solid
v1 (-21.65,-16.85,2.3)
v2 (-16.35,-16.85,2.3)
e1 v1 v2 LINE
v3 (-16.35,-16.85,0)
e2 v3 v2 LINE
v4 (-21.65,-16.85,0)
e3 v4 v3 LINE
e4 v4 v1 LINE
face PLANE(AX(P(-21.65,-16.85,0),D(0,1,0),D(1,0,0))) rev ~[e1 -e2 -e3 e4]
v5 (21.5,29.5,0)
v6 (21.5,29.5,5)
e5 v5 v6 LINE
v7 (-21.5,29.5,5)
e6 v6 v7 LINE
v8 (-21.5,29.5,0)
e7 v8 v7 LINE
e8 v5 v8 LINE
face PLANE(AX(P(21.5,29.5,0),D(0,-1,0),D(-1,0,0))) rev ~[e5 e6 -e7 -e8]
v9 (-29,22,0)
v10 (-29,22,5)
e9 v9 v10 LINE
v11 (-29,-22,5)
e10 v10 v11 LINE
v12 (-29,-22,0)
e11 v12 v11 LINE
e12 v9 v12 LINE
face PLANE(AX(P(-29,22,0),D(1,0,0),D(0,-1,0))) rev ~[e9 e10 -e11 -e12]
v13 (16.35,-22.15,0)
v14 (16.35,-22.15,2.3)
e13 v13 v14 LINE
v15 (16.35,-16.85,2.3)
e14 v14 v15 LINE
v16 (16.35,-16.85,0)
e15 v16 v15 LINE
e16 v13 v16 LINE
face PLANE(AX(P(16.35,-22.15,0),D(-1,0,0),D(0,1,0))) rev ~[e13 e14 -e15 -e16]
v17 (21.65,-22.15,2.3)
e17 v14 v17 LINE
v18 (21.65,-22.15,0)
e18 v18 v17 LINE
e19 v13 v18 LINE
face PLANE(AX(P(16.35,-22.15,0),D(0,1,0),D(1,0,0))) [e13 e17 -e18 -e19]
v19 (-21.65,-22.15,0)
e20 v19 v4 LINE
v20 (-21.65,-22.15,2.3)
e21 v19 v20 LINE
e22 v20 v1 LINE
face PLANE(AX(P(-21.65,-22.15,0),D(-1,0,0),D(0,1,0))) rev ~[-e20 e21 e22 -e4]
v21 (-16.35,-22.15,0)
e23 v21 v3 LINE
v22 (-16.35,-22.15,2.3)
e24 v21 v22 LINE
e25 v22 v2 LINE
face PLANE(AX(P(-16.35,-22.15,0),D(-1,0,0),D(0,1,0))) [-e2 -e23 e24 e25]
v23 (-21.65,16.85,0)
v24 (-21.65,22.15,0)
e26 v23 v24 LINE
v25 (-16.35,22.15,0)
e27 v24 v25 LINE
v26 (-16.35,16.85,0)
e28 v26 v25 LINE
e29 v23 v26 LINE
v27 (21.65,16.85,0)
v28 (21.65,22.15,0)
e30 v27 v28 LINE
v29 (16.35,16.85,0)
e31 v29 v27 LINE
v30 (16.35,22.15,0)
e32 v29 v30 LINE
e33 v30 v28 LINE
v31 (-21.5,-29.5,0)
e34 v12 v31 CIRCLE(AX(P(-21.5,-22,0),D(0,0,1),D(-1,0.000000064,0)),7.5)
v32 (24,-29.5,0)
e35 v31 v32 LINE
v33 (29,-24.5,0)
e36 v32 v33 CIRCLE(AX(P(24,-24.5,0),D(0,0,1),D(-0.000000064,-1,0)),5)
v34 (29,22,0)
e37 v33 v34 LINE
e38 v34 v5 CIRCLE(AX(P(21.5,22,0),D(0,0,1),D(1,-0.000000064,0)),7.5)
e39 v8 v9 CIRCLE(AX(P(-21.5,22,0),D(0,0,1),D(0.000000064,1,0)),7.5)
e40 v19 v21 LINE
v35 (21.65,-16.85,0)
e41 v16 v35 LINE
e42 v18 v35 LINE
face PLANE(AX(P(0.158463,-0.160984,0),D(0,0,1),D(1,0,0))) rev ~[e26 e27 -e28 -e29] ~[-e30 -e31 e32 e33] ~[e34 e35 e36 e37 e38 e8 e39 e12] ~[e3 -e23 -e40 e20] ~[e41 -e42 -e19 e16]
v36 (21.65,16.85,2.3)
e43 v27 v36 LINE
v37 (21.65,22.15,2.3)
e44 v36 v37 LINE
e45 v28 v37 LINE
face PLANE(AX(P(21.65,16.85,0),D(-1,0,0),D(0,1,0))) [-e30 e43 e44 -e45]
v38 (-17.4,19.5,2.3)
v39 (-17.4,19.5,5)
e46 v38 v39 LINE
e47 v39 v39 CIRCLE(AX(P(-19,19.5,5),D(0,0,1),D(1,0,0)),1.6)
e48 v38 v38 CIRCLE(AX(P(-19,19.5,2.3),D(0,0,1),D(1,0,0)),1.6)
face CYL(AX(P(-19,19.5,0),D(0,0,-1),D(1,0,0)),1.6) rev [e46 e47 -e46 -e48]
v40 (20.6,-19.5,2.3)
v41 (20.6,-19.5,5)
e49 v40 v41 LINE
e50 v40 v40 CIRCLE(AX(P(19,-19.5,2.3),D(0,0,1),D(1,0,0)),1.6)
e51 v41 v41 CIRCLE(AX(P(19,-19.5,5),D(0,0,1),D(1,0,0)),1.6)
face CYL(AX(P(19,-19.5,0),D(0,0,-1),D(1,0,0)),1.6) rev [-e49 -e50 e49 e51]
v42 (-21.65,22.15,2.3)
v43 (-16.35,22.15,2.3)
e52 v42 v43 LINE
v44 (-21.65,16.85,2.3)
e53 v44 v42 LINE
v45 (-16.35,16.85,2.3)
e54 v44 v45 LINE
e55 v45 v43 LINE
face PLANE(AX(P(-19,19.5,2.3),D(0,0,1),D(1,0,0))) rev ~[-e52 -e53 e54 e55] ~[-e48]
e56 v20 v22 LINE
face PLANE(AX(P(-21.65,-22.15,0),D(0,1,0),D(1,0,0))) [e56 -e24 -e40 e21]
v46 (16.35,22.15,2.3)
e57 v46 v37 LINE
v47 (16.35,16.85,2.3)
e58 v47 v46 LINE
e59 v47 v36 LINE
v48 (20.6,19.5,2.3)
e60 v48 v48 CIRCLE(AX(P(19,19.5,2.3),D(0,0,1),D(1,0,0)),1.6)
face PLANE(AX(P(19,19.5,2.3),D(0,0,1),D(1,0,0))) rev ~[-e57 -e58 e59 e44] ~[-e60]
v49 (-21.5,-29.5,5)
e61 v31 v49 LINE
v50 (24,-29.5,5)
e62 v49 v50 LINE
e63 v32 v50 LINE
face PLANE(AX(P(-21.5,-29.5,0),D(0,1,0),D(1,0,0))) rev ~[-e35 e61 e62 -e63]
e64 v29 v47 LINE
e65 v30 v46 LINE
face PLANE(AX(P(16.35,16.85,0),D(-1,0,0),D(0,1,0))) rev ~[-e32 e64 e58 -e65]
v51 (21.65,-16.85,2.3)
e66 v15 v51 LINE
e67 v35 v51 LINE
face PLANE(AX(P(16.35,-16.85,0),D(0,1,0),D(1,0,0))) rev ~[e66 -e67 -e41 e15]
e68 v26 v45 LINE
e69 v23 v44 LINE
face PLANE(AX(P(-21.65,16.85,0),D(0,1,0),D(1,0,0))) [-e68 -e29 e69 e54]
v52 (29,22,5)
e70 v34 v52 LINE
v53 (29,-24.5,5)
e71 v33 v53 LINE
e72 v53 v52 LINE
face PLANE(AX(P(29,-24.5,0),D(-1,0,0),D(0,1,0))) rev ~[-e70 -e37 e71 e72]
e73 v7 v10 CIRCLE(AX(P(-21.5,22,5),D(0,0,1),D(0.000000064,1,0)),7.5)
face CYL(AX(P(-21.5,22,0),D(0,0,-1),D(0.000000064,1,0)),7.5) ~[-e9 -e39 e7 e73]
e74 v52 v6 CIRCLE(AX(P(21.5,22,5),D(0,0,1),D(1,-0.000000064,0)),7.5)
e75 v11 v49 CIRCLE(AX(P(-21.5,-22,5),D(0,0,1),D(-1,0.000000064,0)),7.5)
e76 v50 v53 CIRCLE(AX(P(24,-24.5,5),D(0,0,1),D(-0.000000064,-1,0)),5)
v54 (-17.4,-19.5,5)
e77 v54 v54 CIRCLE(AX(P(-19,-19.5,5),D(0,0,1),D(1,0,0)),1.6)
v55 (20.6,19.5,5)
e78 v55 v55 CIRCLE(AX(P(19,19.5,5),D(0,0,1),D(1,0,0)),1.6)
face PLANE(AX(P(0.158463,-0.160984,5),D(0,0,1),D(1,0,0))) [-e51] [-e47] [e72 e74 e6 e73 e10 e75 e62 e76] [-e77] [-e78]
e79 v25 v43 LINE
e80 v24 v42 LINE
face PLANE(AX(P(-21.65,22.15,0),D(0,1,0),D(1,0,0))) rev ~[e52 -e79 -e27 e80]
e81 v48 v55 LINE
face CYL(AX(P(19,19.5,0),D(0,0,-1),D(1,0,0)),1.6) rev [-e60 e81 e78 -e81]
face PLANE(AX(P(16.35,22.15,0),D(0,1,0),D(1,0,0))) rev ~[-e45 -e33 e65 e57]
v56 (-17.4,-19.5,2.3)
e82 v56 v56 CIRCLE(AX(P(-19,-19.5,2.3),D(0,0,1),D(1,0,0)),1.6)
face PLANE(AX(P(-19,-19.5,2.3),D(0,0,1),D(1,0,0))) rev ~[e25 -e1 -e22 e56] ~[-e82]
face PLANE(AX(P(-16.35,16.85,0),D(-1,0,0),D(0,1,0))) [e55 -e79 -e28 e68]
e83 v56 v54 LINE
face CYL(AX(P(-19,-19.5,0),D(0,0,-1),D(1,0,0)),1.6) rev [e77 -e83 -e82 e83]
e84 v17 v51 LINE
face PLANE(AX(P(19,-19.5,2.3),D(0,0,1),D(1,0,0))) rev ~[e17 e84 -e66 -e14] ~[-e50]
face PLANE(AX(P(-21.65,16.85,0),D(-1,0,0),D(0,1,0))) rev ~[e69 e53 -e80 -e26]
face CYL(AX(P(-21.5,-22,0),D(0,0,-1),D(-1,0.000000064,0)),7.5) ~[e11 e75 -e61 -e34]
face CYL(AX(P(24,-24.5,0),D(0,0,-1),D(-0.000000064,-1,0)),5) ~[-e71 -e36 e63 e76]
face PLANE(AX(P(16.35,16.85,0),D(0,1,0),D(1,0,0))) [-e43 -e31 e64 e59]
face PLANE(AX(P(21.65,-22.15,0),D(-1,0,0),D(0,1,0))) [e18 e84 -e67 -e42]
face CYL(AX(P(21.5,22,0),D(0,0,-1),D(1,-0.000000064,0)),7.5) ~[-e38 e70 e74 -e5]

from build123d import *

# Parameters (mm, degrees)
F0_W     = 5.3
F0_H     = 5.3
F0_R     = 1.6
F1_DEPTH = 5
F2_DEPTH = 2.3


with BuildPart() as f1:
    # F0 (on Top) → F1 (new body)
    with BuildSketch(Plane.XY):
        with BuildLine():
            ThreePointArc((29, 22), (26.803301, 27.303301), (21.5, 29.5))
            Line((21.5, 29.5), (-21.5, 29.5))
            ThreePointArc((-21.5, 29.5), (-26.803301, 27.303301), (-29, 22))
            Line((-29, 22), (-29, -22))
            ThreePointArc((-29, -22), (-26.803301, -27.303301), (-21.5, -29.5))
            Line((-21.5, -29.5), (24, -29.5))
            ThreePointArc((24, -29.5), (27.535534, -28.035534), (29, -24.5))
            Line((29, -24.5), (29, 22))
        make_face()
        with Locations((-19, -19.5)):
            Rectangle(F0_W, F0_H, mode=Mode.SUBTRACT)
        with Locations((19, -19.5)):
            Rectangle(F0_W, F0_H, mode=Mode.SUBTRACT)
        with Locations((-19, 19.5)):
            Rectangle(F0_W, F0_H, mode=Mode.SUBTRACT)
        with Locations((19, 19.5)):
            Rectangle(F0_W, F0_H, mode=Mode.SUBTRACT)
        with Locations((-19, 19.5)):
            Rectangle(F0_W, F0_H)
        with Locations((-19, 19.5)):
            Circle(F0_R, mode=Mode.SUBTRACT)
        with Locations((19, 19.5)):
            Rectangle(F0_W, F0_H)
        with Locations((19, 19.5)):
            Circle(F0_R, mode=Mode.SUBTRACT)
        with Locations((19, -19.5)):
            Rectangle(F0_W, F0_H)
        with Locations((19, -19.5)):
            Circle(F0_R, mode=Mode.SUBTRACT)
        with Locations((-19, -19.5)):
            Rectangle(F0_W, F0_H)
        with Locations((-19, -19.5)):
            Circle(F0_R, mode=Mode.SUBTRACT)
    extrude(amount=F1_DEPTH)

    # F0 (on Top) → F2 (cut)
    with BuildSketch(Plane.XY):
        with Locations((-19, 19.5)):
            Rectangle(F0_W, F0_H)
        with Locations((-19, 19.5)):
            Circle(F0_R, mode=Mode.SUBTRACT)
        with Locations((19, 19.5)):
            Rectangle(F0_W, F0_H)
        with Locations((19, 19.5)):
            Circle(F0_R, mode=Mode.SUBTRACT)
        with Locations((-19, -19.5)):
            Rectangle(F0_W, F0_H)
        with Locations((-19, -19.5)):
            Circle(F0_R, mode=Mode.SUBTRACT)
        with Locations((19, -19.5)):
            Rectangle(F0_W, F0_H)
        with Locations((19, -19.5)):
            Circle(F0_R, mode=Mode.SUBTRACT)
    extrude(amount=F2_DEPTH, mode=Mode.SUBTRACT)


solid = f1.part
